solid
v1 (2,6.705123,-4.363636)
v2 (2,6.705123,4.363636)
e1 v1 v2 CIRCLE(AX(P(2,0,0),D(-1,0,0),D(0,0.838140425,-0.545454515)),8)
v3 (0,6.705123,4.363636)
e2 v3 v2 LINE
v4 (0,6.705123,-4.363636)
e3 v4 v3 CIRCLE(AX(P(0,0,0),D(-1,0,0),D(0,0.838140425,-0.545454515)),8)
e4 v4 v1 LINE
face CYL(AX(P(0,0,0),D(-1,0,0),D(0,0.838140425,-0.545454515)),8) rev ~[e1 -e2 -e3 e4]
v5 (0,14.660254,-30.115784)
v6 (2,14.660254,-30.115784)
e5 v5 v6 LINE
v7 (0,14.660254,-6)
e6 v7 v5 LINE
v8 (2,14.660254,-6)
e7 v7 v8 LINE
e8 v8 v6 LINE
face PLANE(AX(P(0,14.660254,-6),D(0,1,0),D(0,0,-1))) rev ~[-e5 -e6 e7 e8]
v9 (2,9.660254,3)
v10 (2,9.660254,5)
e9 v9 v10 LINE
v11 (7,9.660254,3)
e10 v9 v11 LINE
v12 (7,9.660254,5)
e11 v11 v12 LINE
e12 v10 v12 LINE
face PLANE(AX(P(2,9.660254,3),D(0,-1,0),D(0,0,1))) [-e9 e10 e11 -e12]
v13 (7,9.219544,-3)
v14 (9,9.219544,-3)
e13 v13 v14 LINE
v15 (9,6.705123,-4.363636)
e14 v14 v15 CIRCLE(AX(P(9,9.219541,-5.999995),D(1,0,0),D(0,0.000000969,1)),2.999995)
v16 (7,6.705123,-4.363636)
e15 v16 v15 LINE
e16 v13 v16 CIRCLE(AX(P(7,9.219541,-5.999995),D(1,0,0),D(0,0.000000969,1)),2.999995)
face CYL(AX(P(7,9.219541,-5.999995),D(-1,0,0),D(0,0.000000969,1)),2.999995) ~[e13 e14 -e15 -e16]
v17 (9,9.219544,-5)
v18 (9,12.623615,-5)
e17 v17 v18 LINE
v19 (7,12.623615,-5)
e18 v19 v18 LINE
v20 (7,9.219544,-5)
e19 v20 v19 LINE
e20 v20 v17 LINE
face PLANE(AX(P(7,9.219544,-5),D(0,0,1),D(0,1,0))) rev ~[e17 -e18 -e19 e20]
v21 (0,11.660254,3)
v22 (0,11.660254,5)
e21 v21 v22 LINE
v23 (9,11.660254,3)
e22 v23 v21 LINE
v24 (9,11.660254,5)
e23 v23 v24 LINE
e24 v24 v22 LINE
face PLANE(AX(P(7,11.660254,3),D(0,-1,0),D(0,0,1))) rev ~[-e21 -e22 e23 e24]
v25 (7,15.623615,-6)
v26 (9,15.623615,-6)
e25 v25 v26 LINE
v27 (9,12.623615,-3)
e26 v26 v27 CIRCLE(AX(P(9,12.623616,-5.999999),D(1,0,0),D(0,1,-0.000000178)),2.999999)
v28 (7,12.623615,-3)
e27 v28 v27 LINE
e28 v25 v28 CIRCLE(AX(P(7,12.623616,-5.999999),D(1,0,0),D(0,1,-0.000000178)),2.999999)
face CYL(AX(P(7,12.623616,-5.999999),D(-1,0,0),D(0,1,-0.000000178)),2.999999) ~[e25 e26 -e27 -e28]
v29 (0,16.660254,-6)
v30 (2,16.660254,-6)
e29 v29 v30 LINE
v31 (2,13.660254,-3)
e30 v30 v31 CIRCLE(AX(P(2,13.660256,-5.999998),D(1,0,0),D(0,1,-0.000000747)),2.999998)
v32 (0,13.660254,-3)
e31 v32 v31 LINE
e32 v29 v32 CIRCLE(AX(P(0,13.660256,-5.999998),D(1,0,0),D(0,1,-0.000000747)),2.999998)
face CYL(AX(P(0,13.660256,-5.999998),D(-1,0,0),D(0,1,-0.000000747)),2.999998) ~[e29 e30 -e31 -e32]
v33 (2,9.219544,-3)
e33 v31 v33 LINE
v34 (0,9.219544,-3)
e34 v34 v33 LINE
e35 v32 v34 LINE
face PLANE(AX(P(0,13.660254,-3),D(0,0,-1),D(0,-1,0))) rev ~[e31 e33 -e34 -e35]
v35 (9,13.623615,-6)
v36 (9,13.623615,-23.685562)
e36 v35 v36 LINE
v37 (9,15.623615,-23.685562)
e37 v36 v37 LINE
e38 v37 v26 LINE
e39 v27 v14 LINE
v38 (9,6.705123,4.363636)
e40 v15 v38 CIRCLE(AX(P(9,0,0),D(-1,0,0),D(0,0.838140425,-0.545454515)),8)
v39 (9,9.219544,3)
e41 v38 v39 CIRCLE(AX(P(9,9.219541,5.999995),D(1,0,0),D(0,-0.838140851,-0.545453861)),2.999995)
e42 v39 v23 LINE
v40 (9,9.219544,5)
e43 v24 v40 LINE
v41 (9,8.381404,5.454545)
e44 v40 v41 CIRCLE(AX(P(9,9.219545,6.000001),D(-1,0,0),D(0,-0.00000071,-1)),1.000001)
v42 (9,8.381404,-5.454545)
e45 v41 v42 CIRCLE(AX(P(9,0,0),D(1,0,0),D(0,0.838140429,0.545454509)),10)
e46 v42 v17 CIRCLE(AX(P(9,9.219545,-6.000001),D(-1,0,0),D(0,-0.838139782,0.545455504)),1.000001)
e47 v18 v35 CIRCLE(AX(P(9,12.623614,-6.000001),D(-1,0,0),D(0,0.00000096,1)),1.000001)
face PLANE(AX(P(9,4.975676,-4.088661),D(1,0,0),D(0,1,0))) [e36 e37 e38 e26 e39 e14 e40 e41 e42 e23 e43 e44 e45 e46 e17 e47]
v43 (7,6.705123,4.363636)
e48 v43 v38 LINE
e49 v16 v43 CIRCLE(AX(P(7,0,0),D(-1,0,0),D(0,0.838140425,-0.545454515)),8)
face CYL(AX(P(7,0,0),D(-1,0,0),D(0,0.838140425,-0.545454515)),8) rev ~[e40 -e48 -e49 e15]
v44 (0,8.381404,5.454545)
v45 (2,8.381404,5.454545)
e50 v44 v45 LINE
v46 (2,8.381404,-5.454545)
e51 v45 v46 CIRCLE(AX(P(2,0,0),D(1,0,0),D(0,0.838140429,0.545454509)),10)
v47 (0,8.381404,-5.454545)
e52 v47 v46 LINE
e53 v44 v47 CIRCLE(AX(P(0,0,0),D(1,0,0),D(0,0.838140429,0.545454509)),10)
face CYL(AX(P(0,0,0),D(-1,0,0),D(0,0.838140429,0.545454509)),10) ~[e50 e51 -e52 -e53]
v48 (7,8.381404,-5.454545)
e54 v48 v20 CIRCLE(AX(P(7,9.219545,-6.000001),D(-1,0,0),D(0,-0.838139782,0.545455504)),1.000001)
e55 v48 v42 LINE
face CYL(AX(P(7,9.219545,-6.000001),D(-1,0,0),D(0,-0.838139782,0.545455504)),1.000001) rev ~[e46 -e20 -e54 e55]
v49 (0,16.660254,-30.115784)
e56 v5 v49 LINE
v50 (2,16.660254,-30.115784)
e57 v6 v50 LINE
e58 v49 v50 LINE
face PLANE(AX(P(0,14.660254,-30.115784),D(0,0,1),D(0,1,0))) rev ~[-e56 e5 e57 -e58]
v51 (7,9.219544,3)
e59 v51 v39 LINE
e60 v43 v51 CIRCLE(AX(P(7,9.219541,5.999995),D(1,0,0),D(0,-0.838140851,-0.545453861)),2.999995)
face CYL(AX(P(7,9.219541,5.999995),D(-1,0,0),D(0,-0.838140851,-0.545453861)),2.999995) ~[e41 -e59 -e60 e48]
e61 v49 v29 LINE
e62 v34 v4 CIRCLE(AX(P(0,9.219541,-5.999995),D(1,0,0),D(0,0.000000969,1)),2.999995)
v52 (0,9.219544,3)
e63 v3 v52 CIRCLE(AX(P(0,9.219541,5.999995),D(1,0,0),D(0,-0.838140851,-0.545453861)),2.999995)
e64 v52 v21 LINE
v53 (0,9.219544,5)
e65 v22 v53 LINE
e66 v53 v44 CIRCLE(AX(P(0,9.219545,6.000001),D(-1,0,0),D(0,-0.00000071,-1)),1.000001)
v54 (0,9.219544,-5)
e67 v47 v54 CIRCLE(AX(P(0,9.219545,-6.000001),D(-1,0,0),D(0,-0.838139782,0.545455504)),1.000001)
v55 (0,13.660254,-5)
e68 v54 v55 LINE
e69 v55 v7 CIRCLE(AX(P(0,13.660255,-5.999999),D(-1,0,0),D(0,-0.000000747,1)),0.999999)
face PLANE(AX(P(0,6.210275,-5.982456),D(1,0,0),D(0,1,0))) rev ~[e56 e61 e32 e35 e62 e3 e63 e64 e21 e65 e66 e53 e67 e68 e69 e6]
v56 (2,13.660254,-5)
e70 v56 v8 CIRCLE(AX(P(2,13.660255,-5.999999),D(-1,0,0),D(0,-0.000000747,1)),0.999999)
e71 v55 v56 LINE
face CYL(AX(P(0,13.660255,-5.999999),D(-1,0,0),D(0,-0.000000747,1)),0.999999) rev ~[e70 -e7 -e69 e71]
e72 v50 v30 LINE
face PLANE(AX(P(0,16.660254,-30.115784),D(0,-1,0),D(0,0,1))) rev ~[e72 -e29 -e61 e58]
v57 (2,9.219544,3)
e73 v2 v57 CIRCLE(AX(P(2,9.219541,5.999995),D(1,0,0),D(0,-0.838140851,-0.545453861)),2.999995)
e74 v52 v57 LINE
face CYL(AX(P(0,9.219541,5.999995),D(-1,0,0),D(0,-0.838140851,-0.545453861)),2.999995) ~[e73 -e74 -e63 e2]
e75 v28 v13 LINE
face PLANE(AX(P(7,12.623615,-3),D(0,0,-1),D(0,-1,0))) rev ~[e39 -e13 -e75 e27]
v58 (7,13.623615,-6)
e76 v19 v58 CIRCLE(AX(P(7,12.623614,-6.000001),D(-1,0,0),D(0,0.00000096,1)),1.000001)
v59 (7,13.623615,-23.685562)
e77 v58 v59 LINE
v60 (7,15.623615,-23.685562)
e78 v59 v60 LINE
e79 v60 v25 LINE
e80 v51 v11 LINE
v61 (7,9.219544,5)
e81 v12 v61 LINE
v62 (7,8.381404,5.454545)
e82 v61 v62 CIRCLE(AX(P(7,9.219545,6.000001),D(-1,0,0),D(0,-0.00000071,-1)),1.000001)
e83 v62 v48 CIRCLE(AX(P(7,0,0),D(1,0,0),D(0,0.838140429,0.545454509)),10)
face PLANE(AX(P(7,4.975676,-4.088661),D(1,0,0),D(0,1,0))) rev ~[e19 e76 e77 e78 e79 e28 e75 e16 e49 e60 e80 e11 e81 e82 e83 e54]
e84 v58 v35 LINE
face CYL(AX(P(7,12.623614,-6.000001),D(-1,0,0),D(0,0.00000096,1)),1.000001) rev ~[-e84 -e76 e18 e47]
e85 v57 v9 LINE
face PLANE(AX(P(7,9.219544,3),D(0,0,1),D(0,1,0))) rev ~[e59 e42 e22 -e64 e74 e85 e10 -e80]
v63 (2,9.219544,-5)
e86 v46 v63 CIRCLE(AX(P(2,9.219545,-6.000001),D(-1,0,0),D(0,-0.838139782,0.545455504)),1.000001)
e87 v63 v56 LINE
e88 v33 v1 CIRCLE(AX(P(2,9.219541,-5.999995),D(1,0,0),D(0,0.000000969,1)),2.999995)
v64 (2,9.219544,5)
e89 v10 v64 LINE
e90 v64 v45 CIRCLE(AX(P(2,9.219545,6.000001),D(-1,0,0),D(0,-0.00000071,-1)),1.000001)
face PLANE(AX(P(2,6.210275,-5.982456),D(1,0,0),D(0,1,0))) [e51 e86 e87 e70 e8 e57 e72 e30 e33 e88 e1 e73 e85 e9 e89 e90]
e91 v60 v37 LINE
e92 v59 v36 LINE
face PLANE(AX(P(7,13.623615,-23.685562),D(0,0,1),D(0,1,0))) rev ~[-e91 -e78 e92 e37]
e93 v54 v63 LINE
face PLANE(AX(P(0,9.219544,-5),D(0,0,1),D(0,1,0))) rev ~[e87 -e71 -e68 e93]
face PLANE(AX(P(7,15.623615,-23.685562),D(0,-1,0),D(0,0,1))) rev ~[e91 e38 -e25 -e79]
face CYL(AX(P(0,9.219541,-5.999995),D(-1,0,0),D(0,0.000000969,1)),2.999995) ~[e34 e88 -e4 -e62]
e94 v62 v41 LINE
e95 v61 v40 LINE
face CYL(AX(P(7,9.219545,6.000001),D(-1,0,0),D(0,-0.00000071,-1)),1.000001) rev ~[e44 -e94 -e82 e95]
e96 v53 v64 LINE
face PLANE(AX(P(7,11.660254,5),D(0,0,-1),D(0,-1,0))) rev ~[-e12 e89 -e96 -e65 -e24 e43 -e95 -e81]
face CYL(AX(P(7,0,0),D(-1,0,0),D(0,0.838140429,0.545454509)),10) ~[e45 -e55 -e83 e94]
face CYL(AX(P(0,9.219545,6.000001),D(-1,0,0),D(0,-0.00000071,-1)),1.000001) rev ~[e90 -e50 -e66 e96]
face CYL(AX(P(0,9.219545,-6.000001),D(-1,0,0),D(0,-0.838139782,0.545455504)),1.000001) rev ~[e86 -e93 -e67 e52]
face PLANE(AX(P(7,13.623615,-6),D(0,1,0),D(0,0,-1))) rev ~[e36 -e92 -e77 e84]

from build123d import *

# Parameters (mm, degrees)
F1_DEPTH = 2
F2_W     = 2
F2_H     = 2
F3_DEPTH = 5
F5_DEPTH = 2


with BuildPart() as f1:
    # F0 (on Right) → F1 (new body)
    with BuildSketch(Plane.YZ):
        with BuildLine():
            ThreePointArc((9.219544, 5), (8.742813, 5.120951), (8.381404, 5.454545))
            ThreePointArc((8.381404, 5.454545), (-10, 0), (8.381404, -5.454545))
            ThreePointArc((8.381404, -5.454545), (8.742813, -5.120951), (9.219544, -5))
            Line((9.219544, -5), (13.660254, -5))
            ThreePointArc((13.660254, -5), (14.367361, -5.292893), (14.660254, -6))
            Line((14.660254, -6), (14.660254, -30.115784))
            Line((14.660254, -30.115784), (16.660254, -30.115784))
            Line((16.660254, -30.115784), (16.660254, -6))
            ThreePointArc((16.660254, -6), (15.781575, -3.878679), (13.660254, -3))
            Line((13.660254, -3), (9.219544, -3))
            ThreePointArc((9.219544, -3), (7.78935, -3.362852), (6.705123, -4.363636))
            ThreePointArc((6.705123, -4.363636), (-8, 0), (6.705123, 4.363636))
            ThreePointArc((6.705123, 4.363636), (7.78935, 3.362852), (9.219544, 3))
            Line((9.219544, 3), (11.660254, 3))
            Line((11.660254, 3), (11.660254, 5))
            Line((11.660254, 5), (9.219544, 5))
        make_face()
    extrude(amount=F1_DEPTH)

    # F2 (on face) → F3 (join)
    with BuildSketch(Plane.YZ.offset(2)):
        with Locations((10.660254, 4)):
            Rectangle(F2_W, F2_H)
    extrude(amount=F3_DEPTH)

    # F4 (on face) → F5 (join)
    with BuildSketch(Plane.YZ.offset(7)):
        with BuildLine():
            ThreePointArc((9.219544, 5), (8.742813, 5.120951), (8.381404, 5.454545))
            ThreePointArc((8.381404, 5.454545), (-10, 0), (8.381404, -5.454545))
            ThreePointArc((8.381404, -5.454545), (8.742813, -5.120951), (9.219544, -5))
            Line((9.219544, -5), (12.623615, -5))
            ThreePointArc((12.623615, -5), (13.330721, -5.292893), (13.623615, -6))
            Line((13.623615, -6), (13.623615, -23.685562))
            Line((13.623615, -23.685562), (15.623615, -23.685562))
            Line((15.623615, -23.685562), (15.623615, -6))
            ThreePointArc((15.623615, -6), (14.744935, -3.878679), (12.623615, -3))
            Line((12.623615, -3), (9.219544, -3))
            ThreePointArc((9.219544, -3), (7.78935, -3.362852), (6.705123, -4.363636))
            ThreePointArc((6.705123, -4.363636), (-8, 0), (6.705123, 4.363636))
            ThreePointArc((6.705123, 4.363636), (7.78935, 3.362852), (9.219544, 3))
            Line((9.219544, 3), (11.660254, 3))
            Line((11.660254, 3), (11.660254, 5))
            Line((11.660254, 5), (9.219544, 5))
        make_face()
    extrude(amount=F5_DEPTH)


solid = f1.part
